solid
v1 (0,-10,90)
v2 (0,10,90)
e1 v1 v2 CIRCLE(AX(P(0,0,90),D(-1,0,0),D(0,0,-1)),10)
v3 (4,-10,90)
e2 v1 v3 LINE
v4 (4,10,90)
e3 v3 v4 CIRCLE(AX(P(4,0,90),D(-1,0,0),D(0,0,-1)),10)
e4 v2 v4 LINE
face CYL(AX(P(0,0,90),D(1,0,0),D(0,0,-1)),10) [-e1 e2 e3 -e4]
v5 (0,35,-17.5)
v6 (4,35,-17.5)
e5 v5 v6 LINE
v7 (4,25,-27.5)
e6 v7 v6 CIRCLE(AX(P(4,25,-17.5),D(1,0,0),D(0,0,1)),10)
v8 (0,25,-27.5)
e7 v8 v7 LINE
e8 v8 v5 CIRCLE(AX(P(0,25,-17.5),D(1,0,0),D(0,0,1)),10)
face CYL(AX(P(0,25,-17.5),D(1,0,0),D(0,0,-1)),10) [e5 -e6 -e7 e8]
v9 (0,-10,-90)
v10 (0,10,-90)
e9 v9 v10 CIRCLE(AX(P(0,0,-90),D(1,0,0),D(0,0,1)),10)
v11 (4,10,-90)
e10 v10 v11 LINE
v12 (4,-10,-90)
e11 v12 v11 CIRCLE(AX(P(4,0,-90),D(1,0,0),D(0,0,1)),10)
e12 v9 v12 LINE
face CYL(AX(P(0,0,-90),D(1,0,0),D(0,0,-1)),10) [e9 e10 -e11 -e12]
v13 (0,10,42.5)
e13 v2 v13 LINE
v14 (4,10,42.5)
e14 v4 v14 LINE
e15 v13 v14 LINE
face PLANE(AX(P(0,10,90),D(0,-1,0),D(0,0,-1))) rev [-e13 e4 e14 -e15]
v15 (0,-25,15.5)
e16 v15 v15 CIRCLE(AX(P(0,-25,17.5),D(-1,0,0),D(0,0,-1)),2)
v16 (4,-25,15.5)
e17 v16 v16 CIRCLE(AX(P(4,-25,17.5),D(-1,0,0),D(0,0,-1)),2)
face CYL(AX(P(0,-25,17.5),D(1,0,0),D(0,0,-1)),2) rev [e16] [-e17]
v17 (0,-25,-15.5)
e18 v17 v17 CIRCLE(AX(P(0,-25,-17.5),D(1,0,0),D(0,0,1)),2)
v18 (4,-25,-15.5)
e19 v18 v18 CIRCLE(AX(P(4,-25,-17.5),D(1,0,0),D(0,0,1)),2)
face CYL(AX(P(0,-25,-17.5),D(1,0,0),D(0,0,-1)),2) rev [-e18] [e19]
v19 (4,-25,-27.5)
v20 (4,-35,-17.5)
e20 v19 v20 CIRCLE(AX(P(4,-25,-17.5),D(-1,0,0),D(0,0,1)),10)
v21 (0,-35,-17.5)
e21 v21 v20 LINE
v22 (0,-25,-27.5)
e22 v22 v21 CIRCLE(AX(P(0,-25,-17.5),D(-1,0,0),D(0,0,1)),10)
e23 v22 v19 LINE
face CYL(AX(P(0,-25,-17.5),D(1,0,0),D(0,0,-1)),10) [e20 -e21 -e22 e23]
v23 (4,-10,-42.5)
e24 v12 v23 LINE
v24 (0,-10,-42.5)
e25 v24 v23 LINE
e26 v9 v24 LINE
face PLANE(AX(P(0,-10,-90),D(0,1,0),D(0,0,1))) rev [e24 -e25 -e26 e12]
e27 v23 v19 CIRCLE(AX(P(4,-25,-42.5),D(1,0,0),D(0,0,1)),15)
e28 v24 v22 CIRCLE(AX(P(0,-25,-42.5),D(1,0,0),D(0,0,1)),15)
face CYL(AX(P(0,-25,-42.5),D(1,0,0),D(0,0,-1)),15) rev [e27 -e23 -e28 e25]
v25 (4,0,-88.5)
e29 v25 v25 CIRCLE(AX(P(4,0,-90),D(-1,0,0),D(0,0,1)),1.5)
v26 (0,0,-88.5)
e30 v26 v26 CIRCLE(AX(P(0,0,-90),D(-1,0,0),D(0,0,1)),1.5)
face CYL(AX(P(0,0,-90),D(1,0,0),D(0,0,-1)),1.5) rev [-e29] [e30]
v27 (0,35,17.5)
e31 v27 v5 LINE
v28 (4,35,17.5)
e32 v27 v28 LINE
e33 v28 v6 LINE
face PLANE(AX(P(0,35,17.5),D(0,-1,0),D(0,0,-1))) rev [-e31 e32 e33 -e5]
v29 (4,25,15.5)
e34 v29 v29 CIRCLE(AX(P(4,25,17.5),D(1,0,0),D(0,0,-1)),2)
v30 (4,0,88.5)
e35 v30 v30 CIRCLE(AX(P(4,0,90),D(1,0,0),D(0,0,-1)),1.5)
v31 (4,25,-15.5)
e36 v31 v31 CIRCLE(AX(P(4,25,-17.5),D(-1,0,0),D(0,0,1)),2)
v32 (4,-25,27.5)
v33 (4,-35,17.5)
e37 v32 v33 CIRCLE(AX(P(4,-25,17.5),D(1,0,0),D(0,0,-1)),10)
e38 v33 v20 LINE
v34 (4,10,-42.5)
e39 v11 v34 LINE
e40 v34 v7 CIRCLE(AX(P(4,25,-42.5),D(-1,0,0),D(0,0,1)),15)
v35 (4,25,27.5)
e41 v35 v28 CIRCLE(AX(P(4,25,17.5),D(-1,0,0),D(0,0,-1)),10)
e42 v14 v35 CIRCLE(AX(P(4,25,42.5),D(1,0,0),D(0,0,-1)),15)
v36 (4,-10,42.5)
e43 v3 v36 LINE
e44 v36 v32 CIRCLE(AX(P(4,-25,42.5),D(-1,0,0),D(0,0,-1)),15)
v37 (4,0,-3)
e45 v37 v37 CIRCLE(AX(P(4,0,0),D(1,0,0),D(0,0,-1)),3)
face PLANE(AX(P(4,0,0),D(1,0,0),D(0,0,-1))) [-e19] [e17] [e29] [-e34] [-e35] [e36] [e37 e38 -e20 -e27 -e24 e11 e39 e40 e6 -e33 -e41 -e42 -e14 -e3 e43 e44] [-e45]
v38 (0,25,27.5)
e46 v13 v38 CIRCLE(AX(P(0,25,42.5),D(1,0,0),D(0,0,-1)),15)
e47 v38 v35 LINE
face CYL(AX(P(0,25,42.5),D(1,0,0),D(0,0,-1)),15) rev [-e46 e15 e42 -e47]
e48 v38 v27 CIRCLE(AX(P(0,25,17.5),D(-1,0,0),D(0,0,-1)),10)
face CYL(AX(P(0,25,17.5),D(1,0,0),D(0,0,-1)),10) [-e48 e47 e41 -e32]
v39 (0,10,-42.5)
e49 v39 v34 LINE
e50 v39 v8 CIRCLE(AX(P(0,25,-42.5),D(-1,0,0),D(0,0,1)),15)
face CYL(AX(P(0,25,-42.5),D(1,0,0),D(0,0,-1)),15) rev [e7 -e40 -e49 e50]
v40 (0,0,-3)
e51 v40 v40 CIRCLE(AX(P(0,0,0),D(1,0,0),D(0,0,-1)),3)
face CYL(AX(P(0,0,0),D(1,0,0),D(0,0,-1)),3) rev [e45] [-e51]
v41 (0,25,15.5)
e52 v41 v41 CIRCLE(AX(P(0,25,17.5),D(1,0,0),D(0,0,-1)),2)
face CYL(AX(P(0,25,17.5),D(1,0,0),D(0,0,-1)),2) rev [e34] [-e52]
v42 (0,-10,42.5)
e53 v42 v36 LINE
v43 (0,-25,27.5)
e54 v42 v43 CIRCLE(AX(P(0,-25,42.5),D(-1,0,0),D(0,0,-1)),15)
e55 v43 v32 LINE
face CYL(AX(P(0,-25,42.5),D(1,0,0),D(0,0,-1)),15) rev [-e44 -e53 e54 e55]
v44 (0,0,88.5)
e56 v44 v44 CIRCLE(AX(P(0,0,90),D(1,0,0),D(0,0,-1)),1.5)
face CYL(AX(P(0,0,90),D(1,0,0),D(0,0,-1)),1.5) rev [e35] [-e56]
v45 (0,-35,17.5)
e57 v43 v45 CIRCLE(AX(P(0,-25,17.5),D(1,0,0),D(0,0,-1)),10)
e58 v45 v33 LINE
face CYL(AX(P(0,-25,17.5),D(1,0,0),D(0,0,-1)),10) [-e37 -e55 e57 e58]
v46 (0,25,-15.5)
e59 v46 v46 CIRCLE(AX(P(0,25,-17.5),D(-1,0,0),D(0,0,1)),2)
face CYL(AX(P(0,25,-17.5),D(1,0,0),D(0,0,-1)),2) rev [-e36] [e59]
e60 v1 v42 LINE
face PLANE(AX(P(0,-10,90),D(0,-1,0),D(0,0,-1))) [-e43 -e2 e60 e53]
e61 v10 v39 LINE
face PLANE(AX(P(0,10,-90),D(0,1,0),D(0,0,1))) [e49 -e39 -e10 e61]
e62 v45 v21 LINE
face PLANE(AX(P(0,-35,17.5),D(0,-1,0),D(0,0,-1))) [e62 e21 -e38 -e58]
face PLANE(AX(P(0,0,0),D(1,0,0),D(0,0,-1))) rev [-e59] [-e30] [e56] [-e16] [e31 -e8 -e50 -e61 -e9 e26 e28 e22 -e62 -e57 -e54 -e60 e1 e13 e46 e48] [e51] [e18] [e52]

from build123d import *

# Parameters (mm, degrees)
SKETCH1_W               = 210
SKETCH1_H               = 75
BOSS_EXTRUDE1_DEPTH     = 4
SKETCH2_R               = 1.5
CUT_EXTRUDE1_DEPTH      = 5
SKETCH3_R               = 2
CUT_EXTRUDE2_DEPTH      = 5
CUT_EXTRUDE3_DEPTH      = 5
MIRROR3_COPY_1_SKETCH_R = 2
MIRROR3_COPY_1_DEPTH    = 5
MIRROR3_COPY_2_DEPTH    = 5
SKETCH5_R               = 3
CUT_EXTRUDE4_DEPTH      = 5


with BuildPart() as part:
    # Sketch1 → Boss-Extrude1 (new body)
    with BuildSketch(Plane(origin=(0, 0, 0), x_dir=(0, 0, -1), z_dir=(1, 0, 0))):
        Rectangle(SKETCH1_W, SKETCH1_H)
    extrude(amount=BOSS_EXTRUDE1_DEPTH)

    # Sketch2 → Cut-Extrude1 (cut, through all)
    with BuildSketch(Plane(origin=(4, 0, 0), x_dir=(0, 0, -1), z_dir=(1, 0, 0))):
        with Locations((-90, 0)):
            Circle(SKETCH2_R)
    cut_extrude1 = extrude(amount=-CUT_EXTRUDE1_DEPTH, mode=Mode.SUBTRACT)

    # Sketch3 → Cut-Extrude2 (cut, through all)
    with BuildSketch(Plane(origin=(4, 0, 0), x_dir=(0, 0, -1), z_dir=(1, 0, 0))):
        with Locations((-17.5, 25)):
            Circle(SKETCH3_R)
    cut_extrude2 = extrude(amount=-CUT_EXTRUDE2_DEPTH, mode=Mode.SUBTRACT)

    # Sketch4 → Cut-Extrude3 (cut, through all)
    with BuildSketch(Plane(origin=(4, 0, 0), x_dir=(0, 0, -1), z_dir=(1, 0, 0))):
        with BuildLine():
            Line((-105, 0), (-105, 37.5))
            Line((-105, 37.5), (0, 37.5))
            Line((0, 37.5), (0, 35))
            Line((0, 35), (-17.5, 35))
            ThreePointArc((-17.5, 35), (-24.571067812, 32.071067812), (-27.5, 25))
            ThreePointArc((-27.5, 25), (-31.893398282, 14.393398282), (-42.5, 10))
            Line((-42.5, 10), (-90, 10))
            ThreePointArc((-90, 10), (-97.071067812, 7.071067812), (-100, 0))
            Line((-100, 0), (-105, 0))
        make_face()
    cut_extrude3 = extrude(amount=-CUT_EXTRUDE3_DEPTH, mode=Mode.SUBTRACT)

    # Mirror2: Cut-Extrude2, Cut-Extrude3 across plane
    add(cut_extrude2.mirror(Plane.ZX), mode=Mode.SUBTRACT)
    add(cut_extrude3.mirror(Plane.ZX), mode=Mode.SUBTRACT)

    # Mirror3: Cut-Extrude3, Cut-Extrude1, Cut-Extrude2 across plane
    add(cut_extrude3.mirror(Plane.XY), mode=Mode.SUBTRACT)
    add(cut_extrude1.mirror(Plane.XY), mode=Mode.SUBTRACT)
    add(cut_extrude2.mirror(Plane.XY), mode=Mode.SUBTRACT)

    # Mirror3 copy 1 sketch → Mirror3 copy 1 (cut, through all)
    with BuildSketch(Plane(origin=(4, 0, 0), x_dir=(0, 0, 1), z_dir=(1, 0, 0))):
        with Locations((-17.5, 25)):
            Circle(MIRROR3_COPY_1_SKETCH_R)
    extrude(amount=-MIRROR3_COPY_1_DEPTH, mode=Mode.SUBTRACT)

    # Mirror3 copy 2 sketch → Mirror3 copy 2 (cut, through all)
    with BuildSketch(Plane(origin=(4, 0, 0), x_dir=(0, 0, 1), z_dir=(1, 0, 0))):
        with BuildLine():
            Line((-105, 0), (-105, 37.5))
            Line((-105, 37.5), (0, 37.5))
            Line((0, 37.5), (0, 35))
            Line((0, 35), (-17.5, 35))
            ThreePointArc((-17.5, 35), (-24.571067812, 32.071067812), (-27.5, 25))
            ThreePointArc((-27.5, 25), (-31.893398282, 14.393398282), (-42.5, 10))
            Line((-42.5, 10), (-90, 10))
            ThreePointArc((-90, 10), (-97.071067812, 7.071067812), (-100, 0))
            Line((-100, 0), (-105, 0))
        make_face()
    extrude(amount=-MIRROR3_COPY_2_DEPTH, mode=Mode.SUBTRACT)

    # Sketch5 → Cut-Extrude4 (cut, through all)
    with BuildSketch(Plane(origin=(4, 0, 0), x_dir=(0, 0, -1), z_dir=(1, 0, 0))):
        Circle(SKETCH5_R)
    extrude(amount=-CUT_EXTRUDE4_DEPTH, mode=Mode.SUBTRACT)


solid = part.part
